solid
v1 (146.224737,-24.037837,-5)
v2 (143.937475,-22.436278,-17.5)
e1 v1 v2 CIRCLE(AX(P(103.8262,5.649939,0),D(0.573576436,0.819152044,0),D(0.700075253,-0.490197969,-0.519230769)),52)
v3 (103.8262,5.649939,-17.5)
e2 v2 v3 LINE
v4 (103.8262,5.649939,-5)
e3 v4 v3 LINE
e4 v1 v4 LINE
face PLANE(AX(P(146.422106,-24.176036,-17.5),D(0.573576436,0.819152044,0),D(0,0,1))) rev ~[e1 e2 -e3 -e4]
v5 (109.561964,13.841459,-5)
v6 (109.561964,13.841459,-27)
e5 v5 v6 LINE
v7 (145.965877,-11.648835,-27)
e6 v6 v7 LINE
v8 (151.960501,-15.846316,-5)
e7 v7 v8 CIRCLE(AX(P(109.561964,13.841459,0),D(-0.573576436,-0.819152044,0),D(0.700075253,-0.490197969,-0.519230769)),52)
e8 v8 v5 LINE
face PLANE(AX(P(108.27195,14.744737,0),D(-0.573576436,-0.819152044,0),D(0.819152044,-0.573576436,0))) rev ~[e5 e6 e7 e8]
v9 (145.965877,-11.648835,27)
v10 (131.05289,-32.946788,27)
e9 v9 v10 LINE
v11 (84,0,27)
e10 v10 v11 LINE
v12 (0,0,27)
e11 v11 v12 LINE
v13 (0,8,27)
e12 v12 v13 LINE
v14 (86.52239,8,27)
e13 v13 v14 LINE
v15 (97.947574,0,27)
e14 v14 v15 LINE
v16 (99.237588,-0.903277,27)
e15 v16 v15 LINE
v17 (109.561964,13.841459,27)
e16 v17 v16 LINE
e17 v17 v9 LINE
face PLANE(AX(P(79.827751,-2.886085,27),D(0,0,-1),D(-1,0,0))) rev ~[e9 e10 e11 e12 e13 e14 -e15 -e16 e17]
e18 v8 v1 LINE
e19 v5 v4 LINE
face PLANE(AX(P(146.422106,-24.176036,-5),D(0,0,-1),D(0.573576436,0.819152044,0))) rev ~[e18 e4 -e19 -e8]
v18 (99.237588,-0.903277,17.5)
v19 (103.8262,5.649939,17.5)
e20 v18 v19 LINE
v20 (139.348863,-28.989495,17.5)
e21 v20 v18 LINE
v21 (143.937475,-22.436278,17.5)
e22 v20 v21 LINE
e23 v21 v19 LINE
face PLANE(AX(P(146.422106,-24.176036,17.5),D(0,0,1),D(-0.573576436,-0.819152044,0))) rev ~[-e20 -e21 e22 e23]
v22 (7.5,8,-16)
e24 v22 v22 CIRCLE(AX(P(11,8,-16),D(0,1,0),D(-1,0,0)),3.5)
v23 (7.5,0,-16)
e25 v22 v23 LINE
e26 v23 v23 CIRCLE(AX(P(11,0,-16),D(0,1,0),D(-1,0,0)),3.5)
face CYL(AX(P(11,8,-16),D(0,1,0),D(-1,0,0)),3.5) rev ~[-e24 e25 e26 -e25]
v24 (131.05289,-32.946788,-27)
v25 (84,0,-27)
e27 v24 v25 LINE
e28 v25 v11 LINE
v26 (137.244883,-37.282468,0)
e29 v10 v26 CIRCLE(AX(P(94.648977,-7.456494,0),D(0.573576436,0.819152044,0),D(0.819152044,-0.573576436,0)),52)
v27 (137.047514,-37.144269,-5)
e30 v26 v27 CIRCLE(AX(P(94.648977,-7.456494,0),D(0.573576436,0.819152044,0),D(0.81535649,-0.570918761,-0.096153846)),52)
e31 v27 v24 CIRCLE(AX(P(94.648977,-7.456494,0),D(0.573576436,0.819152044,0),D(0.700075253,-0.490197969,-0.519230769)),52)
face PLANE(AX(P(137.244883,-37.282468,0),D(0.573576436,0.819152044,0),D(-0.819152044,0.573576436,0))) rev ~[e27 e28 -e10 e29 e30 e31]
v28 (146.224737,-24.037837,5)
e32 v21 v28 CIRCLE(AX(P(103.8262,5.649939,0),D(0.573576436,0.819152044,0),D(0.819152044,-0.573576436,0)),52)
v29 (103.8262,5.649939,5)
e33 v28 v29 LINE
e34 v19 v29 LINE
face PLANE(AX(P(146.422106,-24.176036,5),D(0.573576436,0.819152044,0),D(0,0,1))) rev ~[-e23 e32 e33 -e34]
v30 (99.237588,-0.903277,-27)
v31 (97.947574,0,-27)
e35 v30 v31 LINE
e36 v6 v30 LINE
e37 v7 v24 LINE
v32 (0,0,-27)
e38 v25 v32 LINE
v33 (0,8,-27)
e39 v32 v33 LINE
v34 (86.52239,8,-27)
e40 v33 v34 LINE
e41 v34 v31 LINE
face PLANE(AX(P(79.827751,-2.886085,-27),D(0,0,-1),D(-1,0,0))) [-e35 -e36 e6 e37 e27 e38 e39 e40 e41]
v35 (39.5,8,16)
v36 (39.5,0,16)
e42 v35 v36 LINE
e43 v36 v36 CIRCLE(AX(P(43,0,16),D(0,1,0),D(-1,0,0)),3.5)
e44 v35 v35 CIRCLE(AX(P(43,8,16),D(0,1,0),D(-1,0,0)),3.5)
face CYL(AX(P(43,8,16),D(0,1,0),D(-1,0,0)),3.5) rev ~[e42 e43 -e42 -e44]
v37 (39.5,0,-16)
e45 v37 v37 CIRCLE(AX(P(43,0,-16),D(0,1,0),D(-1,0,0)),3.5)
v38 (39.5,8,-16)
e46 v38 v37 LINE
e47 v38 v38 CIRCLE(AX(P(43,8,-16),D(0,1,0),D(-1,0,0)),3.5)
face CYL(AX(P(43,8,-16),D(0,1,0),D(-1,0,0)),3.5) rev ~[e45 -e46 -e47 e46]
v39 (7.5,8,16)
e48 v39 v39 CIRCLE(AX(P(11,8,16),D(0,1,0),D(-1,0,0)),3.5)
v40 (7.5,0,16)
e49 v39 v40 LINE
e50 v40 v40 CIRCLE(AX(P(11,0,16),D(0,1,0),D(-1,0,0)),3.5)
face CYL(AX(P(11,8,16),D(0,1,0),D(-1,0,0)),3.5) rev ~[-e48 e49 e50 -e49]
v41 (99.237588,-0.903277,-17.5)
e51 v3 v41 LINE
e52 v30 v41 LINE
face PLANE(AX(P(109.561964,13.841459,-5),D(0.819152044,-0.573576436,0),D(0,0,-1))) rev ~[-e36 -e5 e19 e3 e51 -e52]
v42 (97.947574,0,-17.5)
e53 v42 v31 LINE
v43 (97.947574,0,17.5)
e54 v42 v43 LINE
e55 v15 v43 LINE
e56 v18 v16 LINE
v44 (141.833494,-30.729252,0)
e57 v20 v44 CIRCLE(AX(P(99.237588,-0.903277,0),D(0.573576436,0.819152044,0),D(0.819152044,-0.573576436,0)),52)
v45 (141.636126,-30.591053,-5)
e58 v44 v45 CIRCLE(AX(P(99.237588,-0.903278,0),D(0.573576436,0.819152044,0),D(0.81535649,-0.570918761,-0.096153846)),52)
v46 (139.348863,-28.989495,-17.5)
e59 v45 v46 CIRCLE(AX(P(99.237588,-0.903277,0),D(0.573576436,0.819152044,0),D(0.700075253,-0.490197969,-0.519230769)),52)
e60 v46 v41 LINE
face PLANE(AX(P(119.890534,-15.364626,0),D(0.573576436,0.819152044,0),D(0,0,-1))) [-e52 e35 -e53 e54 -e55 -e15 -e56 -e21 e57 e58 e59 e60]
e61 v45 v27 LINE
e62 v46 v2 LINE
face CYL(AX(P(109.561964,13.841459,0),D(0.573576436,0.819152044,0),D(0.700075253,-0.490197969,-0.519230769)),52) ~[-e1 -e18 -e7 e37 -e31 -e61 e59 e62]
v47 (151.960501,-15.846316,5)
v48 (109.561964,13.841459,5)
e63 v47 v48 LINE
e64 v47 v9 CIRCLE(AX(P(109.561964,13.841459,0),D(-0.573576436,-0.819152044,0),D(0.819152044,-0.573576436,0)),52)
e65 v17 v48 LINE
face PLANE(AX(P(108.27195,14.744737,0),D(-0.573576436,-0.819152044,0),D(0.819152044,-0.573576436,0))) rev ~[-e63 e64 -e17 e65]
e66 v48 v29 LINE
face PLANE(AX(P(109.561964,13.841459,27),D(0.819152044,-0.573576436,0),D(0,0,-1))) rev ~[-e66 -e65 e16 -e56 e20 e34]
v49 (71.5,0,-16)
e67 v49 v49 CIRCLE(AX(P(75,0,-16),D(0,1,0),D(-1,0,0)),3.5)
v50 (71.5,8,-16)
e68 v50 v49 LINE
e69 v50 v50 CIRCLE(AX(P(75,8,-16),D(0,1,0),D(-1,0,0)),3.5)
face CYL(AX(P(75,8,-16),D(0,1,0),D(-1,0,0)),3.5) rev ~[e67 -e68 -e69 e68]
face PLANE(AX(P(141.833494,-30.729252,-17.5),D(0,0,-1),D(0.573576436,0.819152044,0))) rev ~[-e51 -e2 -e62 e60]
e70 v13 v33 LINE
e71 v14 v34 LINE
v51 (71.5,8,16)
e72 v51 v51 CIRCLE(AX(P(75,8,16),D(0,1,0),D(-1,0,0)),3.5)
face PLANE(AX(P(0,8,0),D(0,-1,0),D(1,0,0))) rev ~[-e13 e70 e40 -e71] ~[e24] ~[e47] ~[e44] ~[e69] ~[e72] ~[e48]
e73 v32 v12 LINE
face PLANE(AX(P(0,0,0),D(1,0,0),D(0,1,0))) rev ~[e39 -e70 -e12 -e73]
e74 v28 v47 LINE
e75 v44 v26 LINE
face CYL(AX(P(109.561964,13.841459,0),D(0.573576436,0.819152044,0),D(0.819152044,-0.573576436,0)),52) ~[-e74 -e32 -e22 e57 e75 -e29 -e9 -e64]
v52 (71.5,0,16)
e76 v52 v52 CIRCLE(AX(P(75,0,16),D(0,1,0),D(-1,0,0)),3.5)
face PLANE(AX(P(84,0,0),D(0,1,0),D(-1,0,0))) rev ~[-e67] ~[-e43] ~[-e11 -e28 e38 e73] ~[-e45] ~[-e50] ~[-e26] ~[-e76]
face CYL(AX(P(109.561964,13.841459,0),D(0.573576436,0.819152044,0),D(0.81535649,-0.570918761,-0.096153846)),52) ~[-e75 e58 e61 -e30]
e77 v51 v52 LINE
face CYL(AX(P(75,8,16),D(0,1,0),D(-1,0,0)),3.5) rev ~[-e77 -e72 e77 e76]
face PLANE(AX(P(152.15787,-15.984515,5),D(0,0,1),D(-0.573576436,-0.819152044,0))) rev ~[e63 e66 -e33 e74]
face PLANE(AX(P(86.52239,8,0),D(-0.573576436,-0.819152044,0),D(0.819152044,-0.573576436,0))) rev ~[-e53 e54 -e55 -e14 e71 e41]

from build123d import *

# Parameters (mm, degrees)
BOSS_EXTRUDE1_DEPTH = 27
SKETCH2_R           = 3.5
CUT_EXTRUDE1_DEPTH  = 8
CUT_EXTRUDE2_DEPTH  = 53.574815946
CUT_EXTRUDE3_REACH  = 151.521
SKETCH5_W           = 1.574815946
SKETCH5_H           = 22
CUT_EXTRUDE4_REACH  = 151.521


with BuildPart() as part:
    # Sketch1 → Boss-Extrude1 (new, symmetric)
    with BuildSketch(Plane.XY):
        Polygon((0, 0), (0, 8), (86.522390311, 8), (97.947574365, 0), (108.271950219, 14.744736797), (152.157870224, -15.984515211), (137.244882879, -37.282468363), (84, 0), align=None)
    extrude(amount=BOSS_EXTRUDE1_DEPTH, both=True)

    # Sketch2 → Cut-Extrude1 (cut)
    with BuildSketch(Plane(origin=(0, 8, 0), x_dir=(1, 0, 0), z_dir=(0, 1, 0))):
        with Locations(Location((11, 16, 0), (0, 0, 180))):
            Circle(SKETCH2_R)
        with Locations(Location((43, 16, 0), (0, 0, 180))):
            Circle(SKETCH2_R)
        with Locations(Location((75, 16, 0), (0, 0, 180))):
            Circle(SKETCH2_R)
        with Locations(Location((11, -16, 0), (0, 0, 180))):
            Circle(SKETCH2_R)
        with Locations(Location((43, -16, 0), (0, 0, 180))):
            Circle(SKETCH2_R)
        with Locations(Location((75, -16, 0), (0, 0, 180))):
            Circle(SKETCH2_R)
    extrude(amount=-CUT_EXTRUDE1_DEPTH, mode=Mode.SUBTRACT)

    # Sketch4 → Cut-Extrude2 (cut)
    with BuildSketch(Plane(origin=(109.609728898, -76.749558436, 0), x_dir=(0, 0, -1), z_dir=(0.8191520442889955, -0.5735764363510408, 0))):
        Polygon((-17.5, 56.180420653), (0, 56.180420653), (0, 74.180420653), (-5, 74.180420653), (-5, 64.180420653), (-17.5, 64.180420653), align=None)
        Polygon((0, 74.180420653), (0, 56.180420653), (17.5, 56.180420653), (17.5, 64.180420653), (5, 64.180420653), (5, 74.180420653), align=None)
    extrude(amount=-CUT_EXTRUDE2_DEPTH, mode=Mode.SUBTRACT)

    # Cut-Extrude3: up to this face of the body (flat: up to its plane)
    cut_extrude3_end = Plane(part.part.faces().sort_by_distance((111.965486474, -9.815447728, 0))[0])
    # Sketch5 → Cut-Extrude3 (cut, up to the picked face)
    with BuildSketch(Plane(origin=(42.548141325, 60.765043225, 0), x_dir=(0.8191520442889958, -0.5735764363510405, 0), z_dir=(0.5735764363510404, 0.8191520442889957, 0)), mode=Mode.PRIVATE) as cut_extrude3_sk1:
        with Locations((81.021363747, 16)):
            Rectangle(SKETCH5_W, SKETCH5_H)
    cut_extrude3_tool1 = split(extrude(cut_extrude3_sk1.sketch, amount=-CUT_EXTRUDE3_REACH, mode=Mode.PRIVATE), bisect_by=cut_extrude3_end, keep=Keep.BOTH, mode=Mode.PRIVATE)
    # Sketch5 → Cut-Extrude3 (cut, up to the picked face)
    with BuildSketch(Plane(origin=(42.548141325, 60.765043225, 0), x_dir=(0.8191520442889958, -0.5735764363510405, 0), z_dir=(0.5735764363510404, 0.8191520442889957, 0)), mode=Mode.PRIVATE) as cut_extrude3_sk2:
        with Locations((81.021363747, -16)):
            Rectangle(SKETCH5_W, SKETCH5_H)
    cut_extrude3_tool2 = split(extrude(cut_extrude3_sk2.sketch, amount=-CUT_EXTRUDE3_REACH, mode=Mode.PRIVATE), bisect_by=cut_extrude3_end, keep=Keep.BOTH, mode=Mode.PRIVATE)
    add(cut_extrude3_tool1.solids().sort_by(Axis((108.916957, 14.293098, -16), (-0.5735764363510404, -0.8191520442889957, 0)))[0], mode=Mode.SUBTRACT)
    add(cut_extrude3_tool2.solids().sort_by(Axis((108.916957, 14.293098, 16), (-0.5735764363510404, -0.8191520442889957, 0)))[0], mode=Mode.SUBTRACT)

    # Cut-Extrude4: up to this face of the body (flat: up to its plane)
    cut_extrude4_end = Plane(part.part.faces().sort_by_distance((110.622441439, -18.641234181, 0))[0])
    # Sketch5<4> → Cut-Extrude4 (cut, up to the picked face)
    with BuildSketch(Plane(origin=(42.548141325, 60.765043225, 0), x_dir=(0.8191520442889958, -0.5735764363510405, 0), z_dir=(0.5735764363510404, 0.8191520442889957, 0)), mode=Mode.PRIVATE) as cut_extrude4_sk1:
        with BuildLine():
            Line((126.249743807, -27), (133.80877172, -27))
            Line((133.80877172, -27), (133.80877172, -17.5))
            Line((133.80877172, -17.5), (133.80877172, -5))
            Line((133.80877172, -5), (133.80877172, 0))
            ThreePointArc((133.80877172, 0), (131.883368816, -14.019084341), (126.249743807, -27))
        make_face()
    cut_extrude4_tool1 = split(extrude(cut_extrude4_sk1.sketch, amount=-CUT_EXTRUDE4_REACH, mode=Mode.PRIVATE), bisect_by=cut_extrude4_end, keep=Keep.BOTH, mode=Mode.PRIVATE)
    # Sketch5<4> → Cut-Extrude4 (cut, up to the picked face)
    with BuildSketch(Plane(origin=(42.548141325, 60.765043225, 0), x_dir=(0.8191520442889958, -0.5735764363510405, 0), z_dir=(0.5735764363510404, 0.8191520442889957, 0)), mode=Mode.PRIVATE) as cut_extrude4_sk2:
        with BuildLine():
            Line((133.567828899, 5), (133.80877172, 5))
            Line((133.80877172, 5), (133.80877172, 17.5))
            Line((133.80877172, 17.5), (133.80877172, 27))
            Line((133.80877172, 27), (126.249743807, 27))
            ThreePointArc((126.249743807, 27), (131.150553282, 16.413061639), (133.567828899, 5))
        make_face()
    cut_extrude4_tool2 = split(extrude(cut_extrude4_sk2.sketch, amount=-CUT_EXTRUDE4_REACH, mode=Mode.PRIVATE), bisect_by=cut_extrude4_end, keep=Keep.BOTH, mode=Mode.PRIVATE)
    # Sketch5<4> → Cut-Extrude4 (cut, up to the picked face)
    with BuildSketch(Plane(origin=(42.548141325, 60.765043225, 0), x_dir=(0.8191520442889958, -0.5735764363510405, 0), z_dir=(0.5735764363510404, 0.8191520442889957, 0)), mode=Mode.PRIVATE) as cut_extrude4_sk3:
        with BuildLine():
            ThreePointArc((133.567828899, 5), (133.748501087, 2.502900989), (133.80877172, 0))
            Line((133.80877172, 0), (133.80877172, 5))
            Line((133.80877172, 5), (133.567828899, 5))
        make_face()
    cut_extrude4_tool3 = split(extrude(cut_extrude4_sk3.sketch, amount=-CUT_EXTRUDE4_REACH, mode=Mode.PRIVATE), bisect_by=cut_extrude4_end, keep=Keep.BOTH, mode=Mode.PRIVATE)
    add(cut_extrude4_tool1.solids().sort_by(Axis((150.325954, -14.701794, 20.352048), (-0.5735764363510404, -0.8191520442889957, 0)))[0], mode=Mode.SUBTRACT)
    add(cut_extrude4_tool2.solids().sort_by(Axis((150.3151, -14.694193, -20.453703), (-0.5735764363510404, -0.8191520442889957, 0)))[0], mode=Mode.SUBTRACT)
    add(cut_extrude4_tool3.solids().sort_by(Axis((152.098683, -15.943072, -3.75058), (-0.5735764363510404, -0.8191520442889957, 0)))[0], mode=Mode.SUBTRACT)


solid = part.part
